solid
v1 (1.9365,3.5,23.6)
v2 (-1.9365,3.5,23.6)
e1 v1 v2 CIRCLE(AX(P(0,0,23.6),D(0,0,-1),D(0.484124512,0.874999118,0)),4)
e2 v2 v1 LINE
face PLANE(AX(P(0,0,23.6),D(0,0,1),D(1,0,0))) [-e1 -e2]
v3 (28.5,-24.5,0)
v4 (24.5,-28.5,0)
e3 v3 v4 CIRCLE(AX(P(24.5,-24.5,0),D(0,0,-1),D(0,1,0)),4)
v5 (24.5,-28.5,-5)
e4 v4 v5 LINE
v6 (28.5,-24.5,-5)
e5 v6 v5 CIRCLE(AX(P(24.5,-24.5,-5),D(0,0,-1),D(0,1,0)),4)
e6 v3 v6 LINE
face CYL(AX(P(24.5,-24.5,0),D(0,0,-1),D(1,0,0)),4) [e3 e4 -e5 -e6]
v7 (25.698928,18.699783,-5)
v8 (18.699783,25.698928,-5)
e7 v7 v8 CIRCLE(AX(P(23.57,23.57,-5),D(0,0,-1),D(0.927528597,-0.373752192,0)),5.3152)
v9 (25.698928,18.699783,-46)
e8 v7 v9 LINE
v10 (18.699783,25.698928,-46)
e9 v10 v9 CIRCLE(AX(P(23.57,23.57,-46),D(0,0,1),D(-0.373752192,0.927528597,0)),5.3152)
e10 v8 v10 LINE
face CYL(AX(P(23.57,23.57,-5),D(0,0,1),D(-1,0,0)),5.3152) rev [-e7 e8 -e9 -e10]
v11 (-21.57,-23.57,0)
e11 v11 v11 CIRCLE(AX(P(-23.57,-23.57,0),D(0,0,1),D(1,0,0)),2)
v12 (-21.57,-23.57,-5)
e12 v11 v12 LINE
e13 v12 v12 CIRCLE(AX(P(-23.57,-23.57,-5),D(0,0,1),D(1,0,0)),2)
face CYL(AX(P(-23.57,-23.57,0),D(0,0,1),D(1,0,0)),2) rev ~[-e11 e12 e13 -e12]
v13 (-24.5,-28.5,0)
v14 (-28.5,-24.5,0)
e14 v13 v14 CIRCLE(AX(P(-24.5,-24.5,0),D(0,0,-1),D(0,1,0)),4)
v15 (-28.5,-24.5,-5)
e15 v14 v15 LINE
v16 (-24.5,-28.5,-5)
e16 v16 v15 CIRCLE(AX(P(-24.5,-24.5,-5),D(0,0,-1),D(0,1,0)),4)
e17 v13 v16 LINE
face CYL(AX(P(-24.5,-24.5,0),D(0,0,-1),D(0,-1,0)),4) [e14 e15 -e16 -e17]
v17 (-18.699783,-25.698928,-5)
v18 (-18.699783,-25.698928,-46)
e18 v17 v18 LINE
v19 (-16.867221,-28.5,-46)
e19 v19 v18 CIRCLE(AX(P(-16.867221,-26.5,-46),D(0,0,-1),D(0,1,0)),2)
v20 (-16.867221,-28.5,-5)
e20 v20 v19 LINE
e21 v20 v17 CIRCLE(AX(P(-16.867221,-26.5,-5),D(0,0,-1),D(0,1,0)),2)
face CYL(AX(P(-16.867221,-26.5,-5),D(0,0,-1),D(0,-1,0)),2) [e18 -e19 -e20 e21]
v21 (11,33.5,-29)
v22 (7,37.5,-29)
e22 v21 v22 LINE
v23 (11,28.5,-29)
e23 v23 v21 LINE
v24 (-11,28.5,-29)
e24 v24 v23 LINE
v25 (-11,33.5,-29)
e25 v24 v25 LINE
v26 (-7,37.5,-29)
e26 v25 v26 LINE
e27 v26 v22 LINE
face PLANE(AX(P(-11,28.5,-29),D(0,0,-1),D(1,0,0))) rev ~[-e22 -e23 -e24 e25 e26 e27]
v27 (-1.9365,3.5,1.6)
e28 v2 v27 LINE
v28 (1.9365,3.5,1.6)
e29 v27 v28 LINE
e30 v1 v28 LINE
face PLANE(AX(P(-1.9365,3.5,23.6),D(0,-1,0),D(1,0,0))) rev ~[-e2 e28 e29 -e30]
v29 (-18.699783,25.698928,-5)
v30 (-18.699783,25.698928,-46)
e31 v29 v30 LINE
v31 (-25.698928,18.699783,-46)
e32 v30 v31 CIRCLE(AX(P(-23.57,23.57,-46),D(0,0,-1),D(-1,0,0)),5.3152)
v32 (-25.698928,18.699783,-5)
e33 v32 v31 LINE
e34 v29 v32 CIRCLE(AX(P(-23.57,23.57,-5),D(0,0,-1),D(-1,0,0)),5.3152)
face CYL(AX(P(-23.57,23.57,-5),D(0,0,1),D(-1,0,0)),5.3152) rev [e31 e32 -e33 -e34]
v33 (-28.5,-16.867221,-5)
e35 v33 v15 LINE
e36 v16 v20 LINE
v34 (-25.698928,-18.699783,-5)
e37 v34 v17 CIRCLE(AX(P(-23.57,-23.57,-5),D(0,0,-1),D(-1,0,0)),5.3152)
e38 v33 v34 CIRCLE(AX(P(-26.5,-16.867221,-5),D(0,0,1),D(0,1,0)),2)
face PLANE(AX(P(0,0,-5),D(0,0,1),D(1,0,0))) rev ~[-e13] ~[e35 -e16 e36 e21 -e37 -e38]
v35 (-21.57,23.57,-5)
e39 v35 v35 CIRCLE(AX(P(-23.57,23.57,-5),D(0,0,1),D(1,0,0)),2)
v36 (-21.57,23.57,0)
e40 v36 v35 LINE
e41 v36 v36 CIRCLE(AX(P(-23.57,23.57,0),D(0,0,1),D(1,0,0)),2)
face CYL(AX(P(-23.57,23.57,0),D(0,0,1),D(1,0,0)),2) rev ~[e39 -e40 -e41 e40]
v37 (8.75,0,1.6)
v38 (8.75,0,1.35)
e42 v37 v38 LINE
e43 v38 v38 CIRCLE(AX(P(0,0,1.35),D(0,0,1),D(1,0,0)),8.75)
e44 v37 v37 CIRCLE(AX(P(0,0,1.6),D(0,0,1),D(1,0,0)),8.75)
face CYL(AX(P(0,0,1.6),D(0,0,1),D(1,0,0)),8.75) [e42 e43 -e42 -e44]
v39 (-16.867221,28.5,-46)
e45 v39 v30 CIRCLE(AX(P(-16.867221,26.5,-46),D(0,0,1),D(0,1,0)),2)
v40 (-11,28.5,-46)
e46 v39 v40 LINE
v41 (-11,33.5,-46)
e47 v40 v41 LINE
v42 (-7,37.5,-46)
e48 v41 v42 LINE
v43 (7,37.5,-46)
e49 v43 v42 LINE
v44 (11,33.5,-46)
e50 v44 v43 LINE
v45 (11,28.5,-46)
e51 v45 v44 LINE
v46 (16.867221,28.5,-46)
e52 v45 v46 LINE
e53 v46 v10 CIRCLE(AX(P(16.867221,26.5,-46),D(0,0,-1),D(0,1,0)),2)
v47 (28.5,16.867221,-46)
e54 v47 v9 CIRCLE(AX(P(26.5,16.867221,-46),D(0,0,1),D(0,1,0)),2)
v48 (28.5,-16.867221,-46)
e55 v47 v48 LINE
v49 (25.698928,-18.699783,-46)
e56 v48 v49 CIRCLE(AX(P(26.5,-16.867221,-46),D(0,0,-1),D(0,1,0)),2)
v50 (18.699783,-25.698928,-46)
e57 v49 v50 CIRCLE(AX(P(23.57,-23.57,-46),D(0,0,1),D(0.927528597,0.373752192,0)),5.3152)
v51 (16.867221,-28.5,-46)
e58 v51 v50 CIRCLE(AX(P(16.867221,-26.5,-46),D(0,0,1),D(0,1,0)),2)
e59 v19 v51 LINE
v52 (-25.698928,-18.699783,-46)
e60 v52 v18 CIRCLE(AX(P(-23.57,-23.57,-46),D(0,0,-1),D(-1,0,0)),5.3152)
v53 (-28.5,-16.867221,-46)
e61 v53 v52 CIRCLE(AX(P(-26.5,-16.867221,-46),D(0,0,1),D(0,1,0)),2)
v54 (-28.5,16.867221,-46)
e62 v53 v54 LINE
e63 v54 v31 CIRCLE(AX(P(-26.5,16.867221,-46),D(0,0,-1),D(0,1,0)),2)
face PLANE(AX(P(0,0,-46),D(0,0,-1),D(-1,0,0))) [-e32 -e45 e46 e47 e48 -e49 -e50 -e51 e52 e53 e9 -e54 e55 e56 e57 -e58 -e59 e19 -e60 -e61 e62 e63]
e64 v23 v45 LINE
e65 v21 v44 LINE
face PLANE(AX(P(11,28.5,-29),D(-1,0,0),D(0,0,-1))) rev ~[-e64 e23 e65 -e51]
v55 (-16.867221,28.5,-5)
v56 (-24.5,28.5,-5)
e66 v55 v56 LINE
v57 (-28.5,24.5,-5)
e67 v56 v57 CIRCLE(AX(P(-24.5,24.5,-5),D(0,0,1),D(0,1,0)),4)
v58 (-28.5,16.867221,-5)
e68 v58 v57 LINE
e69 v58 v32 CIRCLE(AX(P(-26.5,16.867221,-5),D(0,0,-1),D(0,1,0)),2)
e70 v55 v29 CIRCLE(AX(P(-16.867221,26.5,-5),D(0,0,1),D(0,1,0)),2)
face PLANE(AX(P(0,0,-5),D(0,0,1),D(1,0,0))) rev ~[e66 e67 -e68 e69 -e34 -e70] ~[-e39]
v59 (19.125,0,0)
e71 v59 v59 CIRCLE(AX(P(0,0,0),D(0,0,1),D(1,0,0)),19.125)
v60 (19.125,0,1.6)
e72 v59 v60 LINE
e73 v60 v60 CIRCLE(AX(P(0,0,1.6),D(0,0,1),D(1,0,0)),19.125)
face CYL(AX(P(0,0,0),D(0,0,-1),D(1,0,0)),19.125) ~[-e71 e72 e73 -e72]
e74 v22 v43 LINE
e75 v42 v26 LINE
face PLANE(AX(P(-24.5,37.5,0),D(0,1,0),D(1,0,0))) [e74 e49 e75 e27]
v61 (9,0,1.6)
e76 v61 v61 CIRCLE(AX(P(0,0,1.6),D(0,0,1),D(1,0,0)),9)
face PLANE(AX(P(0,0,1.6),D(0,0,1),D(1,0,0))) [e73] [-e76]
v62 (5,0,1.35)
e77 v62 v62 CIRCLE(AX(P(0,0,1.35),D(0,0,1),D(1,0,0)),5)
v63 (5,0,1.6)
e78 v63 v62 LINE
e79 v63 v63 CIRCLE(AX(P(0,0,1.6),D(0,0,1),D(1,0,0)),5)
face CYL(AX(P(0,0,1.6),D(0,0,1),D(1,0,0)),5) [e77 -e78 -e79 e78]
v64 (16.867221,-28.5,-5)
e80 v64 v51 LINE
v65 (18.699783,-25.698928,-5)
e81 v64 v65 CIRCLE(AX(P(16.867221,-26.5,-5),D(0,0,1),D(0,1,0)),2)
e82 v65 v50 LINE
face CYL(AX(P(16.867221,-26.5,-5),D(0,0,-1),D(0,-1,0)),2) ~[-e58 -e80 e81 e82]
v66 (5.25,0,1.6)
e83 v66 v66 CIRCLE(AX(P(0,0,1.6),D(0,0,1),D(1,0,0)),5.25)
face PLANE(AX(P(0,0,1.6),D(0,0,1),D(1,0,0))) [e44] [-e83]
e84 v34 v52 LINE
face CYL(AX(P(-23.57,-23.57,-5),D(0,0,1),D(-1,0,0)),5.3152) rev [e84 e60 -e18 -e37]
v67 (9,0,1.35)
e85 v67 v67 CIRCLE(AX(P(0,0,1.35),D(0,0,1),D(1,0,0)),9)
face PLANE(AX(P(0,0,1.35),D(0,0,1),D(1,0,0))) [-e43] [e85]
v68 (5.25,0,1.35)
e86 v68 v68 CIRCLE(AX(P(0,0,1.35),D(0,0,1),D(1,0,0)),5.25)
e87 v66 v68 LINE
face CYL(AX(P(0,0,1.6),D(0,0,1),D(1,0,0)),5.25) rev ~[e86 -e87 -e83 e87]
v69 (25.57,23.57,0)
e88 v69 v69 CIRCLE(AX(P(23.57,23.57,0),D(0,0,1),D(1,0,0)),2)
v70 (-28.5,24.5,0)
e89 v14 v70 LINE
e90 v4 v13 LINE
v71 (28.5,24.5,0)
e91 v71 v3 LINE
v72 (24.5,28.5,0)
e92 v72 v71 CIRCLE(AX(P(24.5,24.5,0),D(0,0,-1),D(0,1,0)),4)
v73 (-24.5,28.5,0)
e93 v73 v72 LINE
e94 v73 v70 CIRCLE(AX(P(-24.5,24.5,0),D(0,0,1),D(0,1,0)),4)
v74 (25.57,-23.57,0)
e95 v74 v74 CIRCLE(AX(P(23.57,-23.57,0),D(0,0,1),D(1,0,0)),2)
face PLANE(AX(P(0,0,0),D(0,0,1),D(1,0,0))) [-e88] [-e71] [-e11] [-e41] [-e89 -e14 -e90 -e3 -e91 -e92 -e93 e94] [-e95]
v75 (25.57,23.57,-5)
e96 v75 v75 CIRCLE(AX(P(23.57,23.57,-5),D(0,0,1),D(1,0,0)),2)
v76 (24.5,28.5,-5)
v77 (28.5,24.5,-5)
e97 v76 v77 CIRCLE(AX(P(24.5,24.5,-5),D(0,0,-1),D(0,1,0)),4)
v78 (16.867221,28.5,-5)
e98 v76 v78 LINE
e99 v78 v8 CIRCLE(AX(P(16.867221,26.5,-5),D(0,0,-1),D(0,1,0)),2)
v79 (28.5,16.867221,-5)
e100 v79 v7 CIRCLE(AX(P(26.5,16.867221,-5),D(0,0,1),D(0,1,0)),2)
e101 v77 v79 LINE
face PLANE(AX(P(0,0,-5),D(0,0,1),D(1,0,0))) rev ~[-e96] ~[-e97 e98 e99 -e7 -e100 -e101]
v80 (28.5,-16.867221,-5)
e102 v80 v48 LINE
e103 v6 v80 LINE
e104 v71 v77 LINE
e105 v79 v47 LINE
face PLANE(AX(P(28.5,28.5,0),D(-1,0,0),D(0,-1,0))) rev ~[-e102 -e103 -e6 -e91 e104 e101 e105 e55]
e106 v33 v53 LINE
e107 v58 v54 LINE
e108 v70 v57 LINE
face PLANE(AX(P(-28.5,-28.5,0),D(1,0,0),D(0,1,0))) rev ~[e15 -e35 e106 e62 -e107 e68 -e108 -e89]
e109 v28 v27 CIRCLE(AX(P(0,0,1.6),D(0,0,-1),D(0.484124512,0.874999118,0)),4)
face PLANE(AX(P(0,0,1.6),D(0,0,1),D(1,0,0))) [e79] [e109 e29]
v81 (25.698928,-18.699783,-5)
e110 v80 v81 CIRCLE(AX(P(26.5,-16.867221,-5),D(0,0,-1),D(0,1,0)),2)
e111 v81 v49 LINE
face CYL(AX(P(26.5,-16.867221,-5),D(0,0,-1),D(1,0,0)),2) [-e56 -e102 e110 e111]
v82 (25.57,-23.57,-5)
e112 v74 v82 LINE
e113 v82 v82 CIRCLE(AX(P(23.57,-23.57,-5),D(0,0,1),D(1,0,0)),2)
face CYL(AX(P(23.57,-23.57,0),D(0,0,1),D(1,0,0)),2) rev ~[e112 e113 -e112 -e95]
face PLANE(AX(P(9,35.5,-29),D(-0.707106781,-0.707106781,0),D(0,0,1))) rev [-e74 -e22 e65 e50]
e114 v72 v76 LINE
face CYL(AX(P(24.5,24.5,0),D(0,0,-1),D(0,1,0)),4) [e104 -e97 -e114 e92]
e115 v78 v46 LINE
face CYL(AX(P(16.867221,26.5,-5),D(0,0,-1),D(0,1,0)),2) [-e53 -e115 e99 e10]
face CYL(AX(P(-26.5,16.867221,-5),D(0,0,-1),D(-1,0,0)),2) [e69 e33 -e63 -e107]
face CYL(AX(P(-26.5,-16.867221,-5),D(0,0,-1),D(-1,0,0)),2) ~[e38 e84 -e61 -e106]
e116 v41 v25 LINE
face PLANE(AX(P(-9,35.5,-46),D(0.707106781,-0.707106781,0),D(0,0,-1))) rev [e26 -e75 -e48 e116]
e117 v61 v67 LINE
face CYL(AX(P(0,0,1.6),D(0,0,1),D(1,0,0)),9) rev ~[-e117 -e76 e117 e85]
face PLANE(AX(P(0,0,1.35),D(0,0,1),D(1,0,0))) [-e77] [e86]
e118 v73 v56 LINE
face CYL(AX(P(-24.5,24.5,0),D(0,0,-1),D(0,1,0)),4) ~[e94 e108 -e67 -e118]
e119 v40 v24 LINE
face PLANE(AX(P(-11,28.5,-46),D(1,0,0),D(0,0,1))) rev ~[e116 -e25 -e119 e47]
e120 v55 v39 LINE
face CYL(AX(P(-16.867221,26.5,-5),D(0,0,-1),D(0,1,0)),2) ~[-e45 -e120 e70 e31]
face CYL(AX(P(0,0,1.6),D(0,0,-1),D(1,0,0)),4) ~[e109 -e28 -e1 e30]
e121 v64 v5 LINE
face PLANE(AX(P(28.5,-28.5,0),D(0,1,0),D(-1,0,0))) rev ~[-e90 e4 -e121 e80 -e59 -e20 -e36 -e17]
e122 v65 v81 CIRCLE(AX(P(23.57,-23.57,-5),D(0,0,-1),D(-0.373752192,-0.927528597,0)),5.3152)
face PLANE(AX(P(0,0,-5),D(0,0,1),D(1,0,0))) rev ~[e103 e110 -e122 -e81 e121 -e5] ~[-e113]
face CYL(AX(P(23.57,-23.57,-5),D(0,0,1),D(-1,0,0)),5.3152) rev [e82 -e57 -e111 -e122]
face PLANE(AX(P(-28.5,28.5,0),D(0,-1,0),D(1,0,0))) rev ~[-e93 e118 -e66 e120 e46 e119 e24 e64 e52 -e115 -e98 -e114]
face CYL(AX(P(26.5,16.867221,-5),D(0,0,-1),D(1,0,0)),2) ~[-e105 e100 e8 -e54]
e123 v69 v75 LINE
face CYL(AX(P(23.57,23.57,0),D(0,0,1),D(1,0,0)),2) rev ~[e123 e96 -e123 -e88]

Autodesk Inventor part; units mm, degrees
ref_plane "YZ Plane" through (0, 0, 0) normal (1, 0, 0) x (0, 1, 0)
sketch "Sketch1" plane through (0, 0, 0) normal (0, 0, 1) x (1, 0, 0)
  line L0 (-28.5, 28.5) -> (28.5, 28.5)
  line L1 (28.5, 28.5) -> (28.5, -28.5)
  line L2 (28.5, -28.5) -> (-28.5, -28.5)
  line L3 (-28.5, -28.5) -> (-28.5, 28.5)
  line L4 (-28.5, 28.5) -> (28.5, -28.5) construction
  line L5 (28.5, 28.5) -> (-28.5, -28.5) construction
  line L6 (-23.57, 23.57) -> (23.57, 23.57) construction
  circle A0 centre (-23.57, 23.57) radius 2
  line L7 (0, 0) -> (0, 28.5) construction
  line L8 (-28.5, 0) -> (28.5, 0) construction
  circle A1 centre (23.57, 23.57) radius 2
  circle A2 centre (-23.57, -23.57) radius 2
  circle A3 centre (23.57, -23.57) radius 2
  dimension "d0" = 57
  dimension "d1" = 47.14
  dimension "d2" = 4
extrude "Extrusion1" add sketch "Sketch1" against normal blind 5
fillet "Fillet1" radius 4 4 edges at (28.5, -28.5, -2.5) (28.5, 28.5, -2.5) (-28.5, 28.5, -2.5) (-28.5, -28.5, -2.5)
sketch "Sketch2" plane through (0, 0, 0) normal (0, 0, 1) x (1, 0, 0)
  circle A0 centre (0, 0) radius 19.125
  dimension "d6" = 38.25
extrude "Extrusion2" add sketch "Sketch2" along normal blind 1.6
sketch "Sketch3" plane through (0, 0, 1.6) normal (0, 0, 1) x (1, 0, 0)
  circle A0 centre (0, 0) radius 9
  circle A1 centre (0, 0) radius 5
  circle A2 centre (0, 0) radius 8.75
  circle A3 centre (0, 0) radius 5.25
  dimension "d9" = 18
  dimension "d10" = 4
  dimension "d11" = 0.25
  dimension "d12" = 0.25
extrude "Extrusion3" cut sketch "Sketch3" against normal blind 0.25
sketch "Sketch4" plane through (0, 0, 1.6) normal (0, 0, 1) x (1, 0, 0)
  circle A0 centre (0, 0) radius 4
  dimension "d15" = 8
extrude "Extrusion4" add sketch "Sketch4" along normal blind 22
sketch "Sketch5" plane through (0, 0, 23.6) normal (0, 0, 1) x (1, 0, 0)
  circle A0 centre (0, 0) radius 4 projected
  line L0 (-1.9365, 3.5) -> (1.9365, 3.5)
  line L1 (0, -4) -> (0, 3.5) construction
  dimension "d18" = 7.5
extrude "Extrusion5" cut sketch "Sketch5" against normal up to surface (22 mm away) contours L0 A0 picked at (-0.3981, 3.6058)
sketch "Sketch6" plane through (0, 0, -5) normal (0, 0, -1) x (-1, 0, 0)
  arc A0 (24.5, -28.5) -> (28.5, -24.5) centre (24.5, -24.5) ccw projected
  line L0 (28.5, -24.5) -> (28.5, 24.5) projected
  arc A1 (28.5, 24.5) -> (24.5, 28.5) centre (24.5, 24.5) ccw projected
  line L1 (24.5, 28.5) -> (-24.5, 28.5) projected
  arc A2 (-24.5, 28.5) -> (-28.5, 24.5) centre (-24.5, 24.5) ccw projected
  line L2 (-28.5, 24.5) -> (-28.5, -24.5) projected
  arc A3 (-28.5, -24.5) -> (-24.5, -28.5) centre (-24.5, -24.5) ccw projected
  line L3 (-24.5, -28.5) -> (24.5, -28.5) projected
  circle A4 centre (-23.57, -23.57) radius 2 projected
  circle A5 centre (23.57, -23.57) radius 2 projected
  circle A6 centre (-23.57, 23.57) radius 2 projected
  circle A7 centre (23.57, 23.57) radius 2 projected
  circle A8 centre (23.57, 23.57) radius 5.3152
  line L4 (0, 28.5) -> (0, -28.5)
  line L5 (28.5, 0) -> (-28.5, 0)
  circle A9 centre (23.57, -23.57) radius 5.3152
  circle A10 centre (-23.57, 23.57) radius 5.3152
  circle A11 centre (-23.57, -23.57) radius 5.3152
  point P0 (0, 0)
  point P1 (28.5, 21.5834)
  point P2 (21.5834, 28.5)
  point P3 (-21.5834, 28.5)
  point P4 (-28.5, 21.5834)
  point P5 (-28.5, -21.5834)
  point P6 (-21.5834, -28.5)
  point P7 (21.5834, -28.5)
  point P8 (28.5, -21.5834)
extrude "Extrusion6" add sketch "Sketch6" along normal blind 41 contours L3 L4 L5 L0 A9 | L3 A11 L2 L5 L4 | L5 L2 A10 L1 L4 | L4 L1 A8 L0 L5
fillet "Fillet2" radius 2 8 edges at (-28.5, 21.5834, -25.5) (-21.5834, 28.5, -25.5) (-28.5, -21.5834, -25.5) (-21.5834, -28.5, -25.5) (21.5834, 28.5, -25.5) (28.5, 21.5834, -25.5) (28.5, -21.5834, -25.5) (21.5834, -28.5, -25.5)
sketch "Sketch8" plane through (-24.5, 28.5, 0) normal (0, 1, 0) x (1, 0, 0)
  line L0 (41.3672, 46) -> (7.6328, 46) projected
  line L1 (35.5, 46) -> (13.5, 46)
  line L2 (13.5, 46) -> (13.5, 29)
  line L3 (13.5, 29) -> (35.5, 29)
  line L4 (35.5, 29) -> (35.5, 46)
  line L5 (24.5, 0) -> (24.5, 46) construction
  point P0 (24.5, 29)
  point P1 (13.5, 46)
  dimension "d24" = 22
  dimension "d25" = 17
extrude "Extrusion7" add sketch "Sketch8" along normal blind 9
chamfer "Chamfer1" distance 4 angle 45 2 edges at (11, 37.5, -37.5) (-11, 37.5, -37.5)
sketch "DiagonalProfile" plane through (0, 0, 0) normal (0, 0, 1) x (1, 0, 0)
  circle A0 centre (-23.57, -23.57) radius 2 projected
  circle A1 centre (23.57, 23.57) radius 2 projected
  line L0 (-23.57, -23.57) -> (23.57, 23.57)
  circle A2 centre (23.57, -23.57) radius 2 projected
  circle A3 centre (-23.57, 23.57) radius 2 projected
  line L1 (23.57, -23.57) -> (-23.57, 23.57)
  point P0 (0, 0)
ref_plane "DiagonalPlane1" through (23.57, -23.57, 0) normal (0.7071, 0.7071, 0) x (-0.7071, 0.7071, 0)
ref_plane "DiagonalPlane2" through (-23.57, -23.57, 0) normal (0.7071, -0.7071, 0) x (0.7071, 0.7071, 0)
properties part number "SouluckNema23-0.7N-24V"
